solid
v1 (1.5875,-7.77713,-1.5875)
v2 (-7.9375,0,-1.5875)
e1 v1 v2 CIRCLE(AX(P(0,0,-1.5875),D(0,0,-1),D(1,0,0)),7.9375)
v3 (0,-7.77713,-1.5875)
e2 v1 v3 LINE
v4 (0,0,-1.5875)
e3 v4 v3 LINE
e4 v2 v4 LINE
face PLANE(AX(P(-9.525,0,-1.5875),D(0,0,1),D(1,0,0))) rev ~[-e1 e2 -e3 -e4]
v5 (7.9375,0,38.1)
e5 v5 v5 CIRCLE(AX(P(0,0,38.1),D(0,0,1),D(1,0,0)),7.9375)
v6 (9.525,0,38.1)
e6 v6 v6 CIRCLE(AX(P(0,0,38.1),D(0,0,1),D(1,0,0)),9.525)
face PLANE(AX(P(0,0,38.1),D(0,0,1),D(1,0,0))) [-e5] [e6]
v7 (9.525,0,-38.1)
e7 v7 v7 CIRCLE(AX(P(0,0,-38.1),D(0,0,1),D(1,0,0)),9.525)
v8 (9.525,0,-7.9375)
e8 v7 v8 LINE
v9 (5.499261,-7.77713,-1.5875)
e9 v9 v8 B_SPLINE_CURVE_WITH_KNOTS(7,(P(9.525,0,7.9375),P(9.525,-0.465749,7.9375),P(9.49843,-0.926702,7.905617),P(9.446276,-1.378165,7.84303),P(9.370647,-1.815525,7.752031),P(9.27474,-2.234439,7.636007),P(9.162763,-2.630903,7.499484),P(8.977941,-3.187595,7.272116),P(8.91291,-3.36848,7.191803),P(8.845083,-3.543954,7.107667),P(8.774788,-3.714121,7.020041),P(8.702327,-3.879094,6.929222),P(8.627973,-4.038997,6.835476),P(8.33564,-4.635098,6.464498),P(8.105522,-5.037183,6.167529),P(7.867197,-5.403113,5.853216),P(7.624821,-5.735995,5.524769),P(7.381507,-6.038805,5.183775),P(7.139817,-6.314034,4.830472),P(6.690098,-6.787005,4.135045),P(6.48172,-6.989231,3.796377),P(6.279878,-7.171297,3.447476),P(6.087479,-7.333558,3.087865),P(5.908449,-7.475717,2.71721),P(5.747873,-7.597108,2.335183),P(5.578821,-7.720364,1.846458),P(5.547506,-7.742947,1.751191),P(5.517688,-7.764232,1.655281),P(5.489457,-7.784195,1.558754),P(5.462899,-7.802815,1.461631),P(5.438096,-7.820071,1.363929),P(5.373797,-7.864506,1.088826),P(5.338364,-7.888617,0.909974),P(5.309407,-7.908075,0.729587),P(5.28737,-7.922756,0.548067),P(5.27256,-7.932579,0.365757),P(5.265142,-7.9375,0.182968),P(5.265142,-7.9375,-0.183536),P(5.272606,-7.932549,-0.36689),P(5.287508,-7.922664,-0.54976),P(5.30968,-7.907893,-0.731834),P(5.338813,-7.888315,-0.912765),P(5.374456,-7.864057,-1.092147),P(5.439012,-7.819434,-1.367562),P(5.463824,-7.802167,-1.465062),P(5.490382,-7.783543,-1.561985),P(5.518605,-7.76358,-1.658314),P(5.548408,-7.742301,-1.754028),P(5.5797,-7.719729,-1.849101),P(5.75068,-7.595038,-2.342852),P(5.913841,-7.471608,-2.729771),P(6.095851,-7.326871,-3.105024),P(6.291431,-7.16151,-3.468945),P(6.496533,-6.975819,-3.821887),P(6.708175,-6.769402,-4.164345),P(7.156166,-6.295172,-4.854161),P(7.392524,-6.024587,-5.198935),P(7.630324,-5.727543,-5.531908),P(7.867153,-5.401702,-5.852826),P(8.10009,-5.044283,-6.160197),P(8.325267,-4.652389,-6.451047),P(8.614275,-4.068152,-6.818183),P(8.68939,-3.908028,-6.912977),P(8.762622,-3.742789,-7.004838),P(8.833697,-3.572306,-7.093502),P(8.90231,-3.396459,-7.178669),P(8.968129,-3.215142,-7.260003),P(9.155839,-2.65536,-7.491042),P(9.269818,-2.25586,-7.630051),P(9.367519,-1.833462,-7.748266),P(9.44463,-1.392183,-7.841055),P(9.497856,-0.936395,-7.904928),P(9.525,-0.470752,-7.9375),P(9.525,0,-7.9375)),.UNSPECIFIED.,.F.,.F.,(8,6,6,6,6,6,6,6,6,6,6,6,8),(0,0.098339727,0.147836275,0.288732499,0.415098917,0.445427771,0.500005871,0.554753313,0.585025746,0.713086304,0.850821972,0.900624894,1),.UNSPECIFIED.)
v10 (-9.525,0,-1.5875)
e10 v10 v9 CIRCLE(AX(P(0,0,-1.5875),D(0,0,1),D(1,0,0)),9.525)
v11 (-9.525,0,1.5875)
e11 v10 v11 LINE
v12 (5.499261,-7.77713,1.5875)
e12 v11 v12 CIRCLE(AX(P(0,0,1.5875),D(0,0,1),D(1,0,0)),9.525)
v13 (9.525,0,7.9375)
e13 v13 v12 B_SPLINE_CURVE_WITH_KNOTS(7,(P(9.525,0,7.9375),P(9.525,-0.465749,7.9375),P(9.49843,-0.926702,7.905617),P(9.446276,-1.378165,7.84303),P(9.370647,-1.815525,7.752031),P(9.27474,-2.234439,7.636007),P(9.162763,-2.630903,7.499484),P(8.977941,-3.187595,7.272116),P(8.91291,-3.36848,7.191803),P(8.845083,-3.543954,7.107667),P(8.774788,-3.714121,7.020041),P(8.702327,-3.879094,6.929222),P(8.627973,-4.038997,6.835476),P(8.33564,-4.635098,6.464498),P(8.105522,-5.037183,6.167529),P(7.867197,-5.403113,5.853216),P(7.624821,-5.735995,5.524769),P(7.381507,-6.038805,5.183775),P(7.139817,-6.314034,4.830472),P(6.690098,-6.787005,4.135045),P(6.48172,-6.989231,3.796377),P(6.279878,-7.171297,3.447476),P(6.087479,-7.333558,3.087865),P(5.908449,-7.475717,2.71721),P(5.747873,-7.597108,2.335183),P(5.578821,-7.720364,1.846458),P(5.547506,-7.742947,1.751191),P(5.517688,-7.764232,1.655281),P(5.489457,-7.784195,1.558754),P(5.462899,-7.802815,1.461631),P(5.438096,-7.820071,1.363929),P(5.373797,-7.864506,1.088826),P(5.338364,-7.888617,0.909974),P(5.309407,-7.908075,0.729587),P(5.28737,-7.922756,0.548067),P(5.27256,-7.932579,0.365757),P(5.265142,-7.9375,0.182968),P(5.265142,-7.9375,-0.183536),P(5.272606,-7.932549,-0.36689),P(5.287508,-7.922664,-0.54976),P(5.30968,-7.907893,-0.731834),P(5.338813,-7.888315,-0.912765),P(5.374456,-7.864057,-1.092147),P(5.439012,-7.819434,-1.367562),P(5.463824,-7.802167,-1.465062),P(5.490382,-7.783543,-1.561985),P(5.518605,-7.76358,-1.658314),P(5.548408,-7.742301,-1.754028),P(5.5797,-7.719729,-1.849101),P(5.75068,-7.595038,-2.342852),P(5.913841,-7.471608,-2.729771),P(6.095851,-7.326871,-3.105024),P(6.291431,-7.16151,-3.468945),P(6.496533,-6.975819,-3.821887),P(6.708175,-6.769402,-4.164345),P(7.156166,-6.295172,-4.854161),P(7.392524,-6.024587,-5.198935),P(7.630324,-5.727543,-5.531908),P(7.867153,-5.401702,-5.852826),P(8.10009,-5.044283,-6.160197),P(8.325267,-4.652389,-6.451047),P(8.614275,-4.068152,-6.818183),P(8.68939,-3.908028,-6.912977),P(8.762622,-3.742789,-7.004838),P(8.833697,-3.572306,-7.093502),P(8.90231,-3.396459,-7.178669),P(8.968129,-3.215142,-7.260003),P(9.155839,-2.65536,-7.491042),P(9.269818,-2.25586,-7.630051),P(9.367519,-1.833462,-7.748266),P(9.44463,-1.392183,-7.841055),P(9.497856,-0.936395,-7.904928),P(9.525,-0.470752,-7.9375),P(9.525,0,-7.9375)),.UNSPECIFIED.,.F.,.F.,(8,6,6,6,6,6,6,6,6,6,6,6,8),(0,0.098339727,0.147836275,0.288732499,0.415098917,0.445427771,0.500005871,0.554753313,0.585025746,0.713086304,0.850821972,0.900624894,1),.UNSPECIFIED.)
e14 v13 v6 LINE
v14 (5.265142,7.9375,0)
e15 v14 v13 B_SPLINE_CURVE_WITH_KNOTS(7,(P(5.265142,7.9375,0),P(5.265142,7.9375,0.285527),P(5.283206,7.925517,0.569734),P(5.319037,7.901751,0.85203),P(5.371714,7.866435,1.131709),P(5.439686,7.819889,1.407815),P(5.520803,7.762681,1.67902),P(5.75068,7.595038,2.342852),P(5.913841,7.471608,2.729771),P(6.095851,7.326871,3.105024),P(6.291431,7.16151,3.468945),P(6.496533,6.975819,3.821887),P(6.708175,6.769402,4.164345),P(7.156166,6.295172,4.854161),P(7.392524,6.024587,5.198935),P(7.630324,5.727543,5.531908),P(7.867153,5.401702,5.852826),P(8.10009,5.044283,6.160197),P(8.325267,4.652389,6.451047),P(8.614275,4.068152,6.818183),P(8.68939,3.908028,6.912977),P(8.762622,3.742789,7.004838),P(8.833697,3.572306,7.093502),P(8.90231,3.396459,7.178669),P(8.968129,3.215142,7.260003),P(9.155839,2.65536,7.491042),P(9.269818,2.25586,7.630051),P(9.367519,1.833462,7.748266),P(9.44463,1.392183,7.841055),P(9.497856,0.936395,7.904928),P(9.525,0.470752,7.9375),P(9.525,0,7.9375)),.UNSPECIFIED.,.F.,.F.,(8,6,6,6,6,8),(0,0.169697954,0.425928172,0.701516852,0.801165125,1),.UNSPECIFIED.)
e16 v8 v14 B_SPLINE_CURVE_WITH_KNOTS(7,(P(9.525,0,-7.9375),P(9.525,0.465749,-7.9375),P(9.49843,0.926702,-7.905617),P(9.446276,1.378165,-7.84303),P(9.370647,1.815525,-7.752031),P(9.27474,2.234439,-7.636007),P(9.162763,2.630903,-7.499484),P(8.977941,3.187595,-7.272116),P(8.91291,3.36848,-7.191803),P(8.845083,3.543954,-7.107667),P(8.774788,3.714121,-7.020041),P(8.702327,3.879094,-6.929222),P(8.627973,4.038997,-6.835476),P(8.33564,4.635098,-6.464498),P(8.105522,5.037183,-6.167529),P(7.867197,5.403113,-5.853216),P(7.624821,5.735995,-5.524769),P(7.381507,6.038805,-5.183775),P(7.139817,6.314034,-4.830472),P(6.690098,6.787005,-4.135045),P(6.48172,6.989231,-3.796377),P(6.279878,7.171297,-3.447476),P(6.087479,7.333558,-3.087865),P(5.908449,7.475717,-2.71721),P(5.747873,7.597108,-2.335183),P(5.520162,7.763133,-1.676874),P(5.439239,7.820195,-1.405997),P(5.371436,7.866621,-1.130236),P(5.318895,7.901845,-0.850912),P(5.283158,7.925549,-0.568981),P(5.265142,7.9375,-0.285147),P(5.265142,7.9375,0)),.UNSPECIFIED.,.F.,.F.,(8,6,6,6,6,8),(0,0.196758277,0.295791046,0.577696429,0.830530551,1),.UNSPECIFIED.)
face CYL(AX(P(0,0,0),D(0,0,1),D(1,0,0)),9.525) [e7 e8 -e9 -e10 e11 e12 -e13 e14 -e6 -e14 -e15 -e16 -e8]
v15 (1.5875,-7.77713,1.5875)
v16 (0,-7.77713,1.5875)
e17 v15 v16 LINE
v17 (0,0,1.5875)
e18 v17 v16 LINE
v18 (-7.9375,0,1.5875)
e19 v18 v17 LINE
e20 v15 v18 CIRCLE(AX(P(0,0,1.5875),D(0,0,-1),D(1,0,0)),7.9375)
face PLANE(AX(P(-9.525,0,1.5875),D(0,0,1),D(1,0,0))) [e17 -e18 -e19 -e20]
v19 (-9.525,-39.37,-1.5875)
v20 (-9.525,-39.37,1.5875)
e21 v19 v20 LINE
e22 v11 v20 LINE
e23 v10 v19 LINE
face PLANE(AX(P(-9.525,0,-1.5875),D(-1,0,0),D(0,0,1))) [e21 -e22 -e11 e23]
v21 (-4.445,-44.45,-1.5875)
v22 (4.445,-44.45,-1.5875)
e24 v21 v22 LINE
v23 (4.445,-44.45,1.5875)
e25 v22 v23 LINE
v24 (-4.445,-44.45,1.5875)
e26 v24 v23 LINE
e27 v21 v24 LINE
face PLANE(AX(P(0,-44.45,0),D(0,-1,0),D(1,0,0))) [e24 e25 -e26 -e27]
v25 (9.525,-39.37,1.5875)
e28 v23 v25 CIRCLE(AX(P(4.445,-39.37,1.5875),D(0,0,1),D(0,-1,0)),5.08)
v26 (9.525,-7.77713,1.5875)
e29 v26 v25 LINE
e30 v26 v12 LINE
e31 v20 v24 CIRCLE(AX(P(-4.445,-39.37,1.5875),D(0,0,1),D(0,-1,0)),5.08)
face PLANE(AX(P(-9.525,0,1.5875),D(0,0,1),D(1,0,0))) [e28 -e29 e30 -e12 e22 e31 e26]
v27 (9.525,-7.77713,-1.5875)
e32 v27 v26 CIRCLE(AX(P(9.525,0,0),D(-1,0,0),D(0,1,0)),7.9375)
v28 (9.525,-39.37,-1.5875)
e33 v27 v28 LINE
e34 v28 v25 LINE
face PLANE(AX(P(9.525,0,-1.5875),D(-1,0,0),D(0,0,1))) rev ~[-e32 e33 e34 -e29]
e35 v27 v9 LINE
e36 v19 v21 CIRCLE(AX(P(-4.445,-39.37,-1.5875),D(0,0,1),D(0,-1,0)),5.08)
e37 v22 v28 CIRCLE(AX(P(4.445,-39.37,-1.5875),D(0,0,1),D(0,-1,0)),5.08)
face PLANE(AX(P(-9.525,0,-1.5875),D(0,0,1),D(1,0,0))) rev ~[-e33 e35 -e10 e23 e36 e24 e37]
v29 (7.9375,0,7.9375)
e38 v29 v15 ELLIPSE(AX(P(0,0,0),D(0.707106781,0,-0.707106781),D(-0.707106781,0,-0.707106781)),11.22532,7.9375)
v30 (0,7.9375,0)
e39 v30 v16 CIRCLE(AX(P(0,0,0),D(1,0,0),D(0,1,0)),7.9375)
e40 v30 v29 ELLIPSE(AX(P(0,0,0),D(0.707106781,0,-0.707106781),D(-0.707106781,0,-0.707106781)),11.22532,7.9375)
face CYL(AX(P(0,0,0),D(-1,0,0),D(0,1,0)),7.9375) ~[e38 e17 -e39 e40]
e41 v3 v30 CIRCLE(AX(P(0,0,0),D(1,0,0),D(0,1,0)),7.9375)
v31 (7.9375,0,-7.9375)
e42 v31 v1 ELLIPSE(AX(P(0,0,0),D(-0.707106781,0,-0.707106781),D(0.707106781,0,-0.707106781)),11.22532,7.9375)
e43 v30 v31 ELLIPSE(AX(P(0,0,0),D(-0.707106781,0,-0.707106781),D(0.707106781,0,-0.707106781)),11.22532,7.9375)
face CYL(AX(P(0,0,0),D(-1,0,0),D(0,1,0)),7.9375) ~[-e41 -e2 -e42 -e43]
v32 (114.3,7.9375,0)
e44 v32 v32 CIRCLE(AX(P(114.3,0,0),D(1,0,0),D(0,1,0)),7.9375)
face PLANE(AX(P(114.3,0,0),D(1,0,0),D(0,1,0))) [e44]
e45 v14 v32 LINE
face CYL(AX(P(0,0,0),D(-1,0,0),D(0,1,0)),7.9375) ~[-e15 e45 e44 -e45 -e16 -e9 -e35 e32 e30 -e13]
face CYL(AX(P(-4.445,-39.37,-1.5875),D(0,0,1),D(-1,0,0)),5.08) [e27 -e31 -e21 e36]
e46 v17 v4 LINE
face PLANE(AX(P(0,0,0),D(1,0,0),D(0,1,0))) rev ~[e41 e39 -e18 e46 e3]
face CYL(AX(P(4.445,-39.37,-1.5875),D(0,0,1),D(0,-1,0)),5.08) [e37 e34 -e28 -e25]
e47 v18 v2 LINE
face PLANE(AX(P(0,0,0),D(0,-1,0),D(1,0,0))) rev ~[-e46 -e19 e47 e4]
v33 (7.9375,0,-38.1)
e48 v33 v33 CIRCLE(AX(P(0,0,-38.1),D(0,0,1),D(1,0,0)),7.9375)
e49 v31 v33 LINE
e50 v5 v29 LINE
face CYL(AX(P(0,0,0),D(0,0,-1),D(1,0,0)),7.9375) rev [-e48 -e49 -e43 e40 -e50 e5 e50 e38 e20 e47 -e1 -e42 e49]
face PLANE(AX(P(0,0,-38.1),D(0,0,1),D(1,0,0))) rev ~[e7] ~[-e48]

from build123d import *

# Parameters (mm, degrees)
F0_R     = 9.525
F0_R_2   = 7.9375
F1_DEPTH = 38.1
F2_R     = 7.9375
F3_DEPTH = 114.3
F4_W     = 19.05
F4_H     = 3.175
F5_DEPTH = 44.45
F6_R     = 5.08


with BuildPart() as f1:
    # F0 (on Top) → F1 (new body, symmetric)
    with BuildSketch(Plane.XY):
        Circle(F0_R)
        Circle(F0_R_2, mode=Mode.SUBTRACT)
    extrude(amount=F1_DEPTH, both=True)

    # F2 (on Right) → F3 (join)
    with BuildSketch(Plane.YZ):
        Circle(F2_R)
    extrude(amount=F3_DEPTH)

    # F4 (on Front) → F5 (join)
    with BuildSketch(Plane.XZ):
        Rectangle(F4_W, F4_H)
    extrude(amount=F5_DEPTH)

    # F6
    f6_edges = [f1.edges().sort_by_distance(p)[0] for p in [
        (-9.525, -44.45, 0),
        (9.525, -44.45, 0),
    ]]
    fillet(f6_edges, radius=F6_R)


solid = f1.part
